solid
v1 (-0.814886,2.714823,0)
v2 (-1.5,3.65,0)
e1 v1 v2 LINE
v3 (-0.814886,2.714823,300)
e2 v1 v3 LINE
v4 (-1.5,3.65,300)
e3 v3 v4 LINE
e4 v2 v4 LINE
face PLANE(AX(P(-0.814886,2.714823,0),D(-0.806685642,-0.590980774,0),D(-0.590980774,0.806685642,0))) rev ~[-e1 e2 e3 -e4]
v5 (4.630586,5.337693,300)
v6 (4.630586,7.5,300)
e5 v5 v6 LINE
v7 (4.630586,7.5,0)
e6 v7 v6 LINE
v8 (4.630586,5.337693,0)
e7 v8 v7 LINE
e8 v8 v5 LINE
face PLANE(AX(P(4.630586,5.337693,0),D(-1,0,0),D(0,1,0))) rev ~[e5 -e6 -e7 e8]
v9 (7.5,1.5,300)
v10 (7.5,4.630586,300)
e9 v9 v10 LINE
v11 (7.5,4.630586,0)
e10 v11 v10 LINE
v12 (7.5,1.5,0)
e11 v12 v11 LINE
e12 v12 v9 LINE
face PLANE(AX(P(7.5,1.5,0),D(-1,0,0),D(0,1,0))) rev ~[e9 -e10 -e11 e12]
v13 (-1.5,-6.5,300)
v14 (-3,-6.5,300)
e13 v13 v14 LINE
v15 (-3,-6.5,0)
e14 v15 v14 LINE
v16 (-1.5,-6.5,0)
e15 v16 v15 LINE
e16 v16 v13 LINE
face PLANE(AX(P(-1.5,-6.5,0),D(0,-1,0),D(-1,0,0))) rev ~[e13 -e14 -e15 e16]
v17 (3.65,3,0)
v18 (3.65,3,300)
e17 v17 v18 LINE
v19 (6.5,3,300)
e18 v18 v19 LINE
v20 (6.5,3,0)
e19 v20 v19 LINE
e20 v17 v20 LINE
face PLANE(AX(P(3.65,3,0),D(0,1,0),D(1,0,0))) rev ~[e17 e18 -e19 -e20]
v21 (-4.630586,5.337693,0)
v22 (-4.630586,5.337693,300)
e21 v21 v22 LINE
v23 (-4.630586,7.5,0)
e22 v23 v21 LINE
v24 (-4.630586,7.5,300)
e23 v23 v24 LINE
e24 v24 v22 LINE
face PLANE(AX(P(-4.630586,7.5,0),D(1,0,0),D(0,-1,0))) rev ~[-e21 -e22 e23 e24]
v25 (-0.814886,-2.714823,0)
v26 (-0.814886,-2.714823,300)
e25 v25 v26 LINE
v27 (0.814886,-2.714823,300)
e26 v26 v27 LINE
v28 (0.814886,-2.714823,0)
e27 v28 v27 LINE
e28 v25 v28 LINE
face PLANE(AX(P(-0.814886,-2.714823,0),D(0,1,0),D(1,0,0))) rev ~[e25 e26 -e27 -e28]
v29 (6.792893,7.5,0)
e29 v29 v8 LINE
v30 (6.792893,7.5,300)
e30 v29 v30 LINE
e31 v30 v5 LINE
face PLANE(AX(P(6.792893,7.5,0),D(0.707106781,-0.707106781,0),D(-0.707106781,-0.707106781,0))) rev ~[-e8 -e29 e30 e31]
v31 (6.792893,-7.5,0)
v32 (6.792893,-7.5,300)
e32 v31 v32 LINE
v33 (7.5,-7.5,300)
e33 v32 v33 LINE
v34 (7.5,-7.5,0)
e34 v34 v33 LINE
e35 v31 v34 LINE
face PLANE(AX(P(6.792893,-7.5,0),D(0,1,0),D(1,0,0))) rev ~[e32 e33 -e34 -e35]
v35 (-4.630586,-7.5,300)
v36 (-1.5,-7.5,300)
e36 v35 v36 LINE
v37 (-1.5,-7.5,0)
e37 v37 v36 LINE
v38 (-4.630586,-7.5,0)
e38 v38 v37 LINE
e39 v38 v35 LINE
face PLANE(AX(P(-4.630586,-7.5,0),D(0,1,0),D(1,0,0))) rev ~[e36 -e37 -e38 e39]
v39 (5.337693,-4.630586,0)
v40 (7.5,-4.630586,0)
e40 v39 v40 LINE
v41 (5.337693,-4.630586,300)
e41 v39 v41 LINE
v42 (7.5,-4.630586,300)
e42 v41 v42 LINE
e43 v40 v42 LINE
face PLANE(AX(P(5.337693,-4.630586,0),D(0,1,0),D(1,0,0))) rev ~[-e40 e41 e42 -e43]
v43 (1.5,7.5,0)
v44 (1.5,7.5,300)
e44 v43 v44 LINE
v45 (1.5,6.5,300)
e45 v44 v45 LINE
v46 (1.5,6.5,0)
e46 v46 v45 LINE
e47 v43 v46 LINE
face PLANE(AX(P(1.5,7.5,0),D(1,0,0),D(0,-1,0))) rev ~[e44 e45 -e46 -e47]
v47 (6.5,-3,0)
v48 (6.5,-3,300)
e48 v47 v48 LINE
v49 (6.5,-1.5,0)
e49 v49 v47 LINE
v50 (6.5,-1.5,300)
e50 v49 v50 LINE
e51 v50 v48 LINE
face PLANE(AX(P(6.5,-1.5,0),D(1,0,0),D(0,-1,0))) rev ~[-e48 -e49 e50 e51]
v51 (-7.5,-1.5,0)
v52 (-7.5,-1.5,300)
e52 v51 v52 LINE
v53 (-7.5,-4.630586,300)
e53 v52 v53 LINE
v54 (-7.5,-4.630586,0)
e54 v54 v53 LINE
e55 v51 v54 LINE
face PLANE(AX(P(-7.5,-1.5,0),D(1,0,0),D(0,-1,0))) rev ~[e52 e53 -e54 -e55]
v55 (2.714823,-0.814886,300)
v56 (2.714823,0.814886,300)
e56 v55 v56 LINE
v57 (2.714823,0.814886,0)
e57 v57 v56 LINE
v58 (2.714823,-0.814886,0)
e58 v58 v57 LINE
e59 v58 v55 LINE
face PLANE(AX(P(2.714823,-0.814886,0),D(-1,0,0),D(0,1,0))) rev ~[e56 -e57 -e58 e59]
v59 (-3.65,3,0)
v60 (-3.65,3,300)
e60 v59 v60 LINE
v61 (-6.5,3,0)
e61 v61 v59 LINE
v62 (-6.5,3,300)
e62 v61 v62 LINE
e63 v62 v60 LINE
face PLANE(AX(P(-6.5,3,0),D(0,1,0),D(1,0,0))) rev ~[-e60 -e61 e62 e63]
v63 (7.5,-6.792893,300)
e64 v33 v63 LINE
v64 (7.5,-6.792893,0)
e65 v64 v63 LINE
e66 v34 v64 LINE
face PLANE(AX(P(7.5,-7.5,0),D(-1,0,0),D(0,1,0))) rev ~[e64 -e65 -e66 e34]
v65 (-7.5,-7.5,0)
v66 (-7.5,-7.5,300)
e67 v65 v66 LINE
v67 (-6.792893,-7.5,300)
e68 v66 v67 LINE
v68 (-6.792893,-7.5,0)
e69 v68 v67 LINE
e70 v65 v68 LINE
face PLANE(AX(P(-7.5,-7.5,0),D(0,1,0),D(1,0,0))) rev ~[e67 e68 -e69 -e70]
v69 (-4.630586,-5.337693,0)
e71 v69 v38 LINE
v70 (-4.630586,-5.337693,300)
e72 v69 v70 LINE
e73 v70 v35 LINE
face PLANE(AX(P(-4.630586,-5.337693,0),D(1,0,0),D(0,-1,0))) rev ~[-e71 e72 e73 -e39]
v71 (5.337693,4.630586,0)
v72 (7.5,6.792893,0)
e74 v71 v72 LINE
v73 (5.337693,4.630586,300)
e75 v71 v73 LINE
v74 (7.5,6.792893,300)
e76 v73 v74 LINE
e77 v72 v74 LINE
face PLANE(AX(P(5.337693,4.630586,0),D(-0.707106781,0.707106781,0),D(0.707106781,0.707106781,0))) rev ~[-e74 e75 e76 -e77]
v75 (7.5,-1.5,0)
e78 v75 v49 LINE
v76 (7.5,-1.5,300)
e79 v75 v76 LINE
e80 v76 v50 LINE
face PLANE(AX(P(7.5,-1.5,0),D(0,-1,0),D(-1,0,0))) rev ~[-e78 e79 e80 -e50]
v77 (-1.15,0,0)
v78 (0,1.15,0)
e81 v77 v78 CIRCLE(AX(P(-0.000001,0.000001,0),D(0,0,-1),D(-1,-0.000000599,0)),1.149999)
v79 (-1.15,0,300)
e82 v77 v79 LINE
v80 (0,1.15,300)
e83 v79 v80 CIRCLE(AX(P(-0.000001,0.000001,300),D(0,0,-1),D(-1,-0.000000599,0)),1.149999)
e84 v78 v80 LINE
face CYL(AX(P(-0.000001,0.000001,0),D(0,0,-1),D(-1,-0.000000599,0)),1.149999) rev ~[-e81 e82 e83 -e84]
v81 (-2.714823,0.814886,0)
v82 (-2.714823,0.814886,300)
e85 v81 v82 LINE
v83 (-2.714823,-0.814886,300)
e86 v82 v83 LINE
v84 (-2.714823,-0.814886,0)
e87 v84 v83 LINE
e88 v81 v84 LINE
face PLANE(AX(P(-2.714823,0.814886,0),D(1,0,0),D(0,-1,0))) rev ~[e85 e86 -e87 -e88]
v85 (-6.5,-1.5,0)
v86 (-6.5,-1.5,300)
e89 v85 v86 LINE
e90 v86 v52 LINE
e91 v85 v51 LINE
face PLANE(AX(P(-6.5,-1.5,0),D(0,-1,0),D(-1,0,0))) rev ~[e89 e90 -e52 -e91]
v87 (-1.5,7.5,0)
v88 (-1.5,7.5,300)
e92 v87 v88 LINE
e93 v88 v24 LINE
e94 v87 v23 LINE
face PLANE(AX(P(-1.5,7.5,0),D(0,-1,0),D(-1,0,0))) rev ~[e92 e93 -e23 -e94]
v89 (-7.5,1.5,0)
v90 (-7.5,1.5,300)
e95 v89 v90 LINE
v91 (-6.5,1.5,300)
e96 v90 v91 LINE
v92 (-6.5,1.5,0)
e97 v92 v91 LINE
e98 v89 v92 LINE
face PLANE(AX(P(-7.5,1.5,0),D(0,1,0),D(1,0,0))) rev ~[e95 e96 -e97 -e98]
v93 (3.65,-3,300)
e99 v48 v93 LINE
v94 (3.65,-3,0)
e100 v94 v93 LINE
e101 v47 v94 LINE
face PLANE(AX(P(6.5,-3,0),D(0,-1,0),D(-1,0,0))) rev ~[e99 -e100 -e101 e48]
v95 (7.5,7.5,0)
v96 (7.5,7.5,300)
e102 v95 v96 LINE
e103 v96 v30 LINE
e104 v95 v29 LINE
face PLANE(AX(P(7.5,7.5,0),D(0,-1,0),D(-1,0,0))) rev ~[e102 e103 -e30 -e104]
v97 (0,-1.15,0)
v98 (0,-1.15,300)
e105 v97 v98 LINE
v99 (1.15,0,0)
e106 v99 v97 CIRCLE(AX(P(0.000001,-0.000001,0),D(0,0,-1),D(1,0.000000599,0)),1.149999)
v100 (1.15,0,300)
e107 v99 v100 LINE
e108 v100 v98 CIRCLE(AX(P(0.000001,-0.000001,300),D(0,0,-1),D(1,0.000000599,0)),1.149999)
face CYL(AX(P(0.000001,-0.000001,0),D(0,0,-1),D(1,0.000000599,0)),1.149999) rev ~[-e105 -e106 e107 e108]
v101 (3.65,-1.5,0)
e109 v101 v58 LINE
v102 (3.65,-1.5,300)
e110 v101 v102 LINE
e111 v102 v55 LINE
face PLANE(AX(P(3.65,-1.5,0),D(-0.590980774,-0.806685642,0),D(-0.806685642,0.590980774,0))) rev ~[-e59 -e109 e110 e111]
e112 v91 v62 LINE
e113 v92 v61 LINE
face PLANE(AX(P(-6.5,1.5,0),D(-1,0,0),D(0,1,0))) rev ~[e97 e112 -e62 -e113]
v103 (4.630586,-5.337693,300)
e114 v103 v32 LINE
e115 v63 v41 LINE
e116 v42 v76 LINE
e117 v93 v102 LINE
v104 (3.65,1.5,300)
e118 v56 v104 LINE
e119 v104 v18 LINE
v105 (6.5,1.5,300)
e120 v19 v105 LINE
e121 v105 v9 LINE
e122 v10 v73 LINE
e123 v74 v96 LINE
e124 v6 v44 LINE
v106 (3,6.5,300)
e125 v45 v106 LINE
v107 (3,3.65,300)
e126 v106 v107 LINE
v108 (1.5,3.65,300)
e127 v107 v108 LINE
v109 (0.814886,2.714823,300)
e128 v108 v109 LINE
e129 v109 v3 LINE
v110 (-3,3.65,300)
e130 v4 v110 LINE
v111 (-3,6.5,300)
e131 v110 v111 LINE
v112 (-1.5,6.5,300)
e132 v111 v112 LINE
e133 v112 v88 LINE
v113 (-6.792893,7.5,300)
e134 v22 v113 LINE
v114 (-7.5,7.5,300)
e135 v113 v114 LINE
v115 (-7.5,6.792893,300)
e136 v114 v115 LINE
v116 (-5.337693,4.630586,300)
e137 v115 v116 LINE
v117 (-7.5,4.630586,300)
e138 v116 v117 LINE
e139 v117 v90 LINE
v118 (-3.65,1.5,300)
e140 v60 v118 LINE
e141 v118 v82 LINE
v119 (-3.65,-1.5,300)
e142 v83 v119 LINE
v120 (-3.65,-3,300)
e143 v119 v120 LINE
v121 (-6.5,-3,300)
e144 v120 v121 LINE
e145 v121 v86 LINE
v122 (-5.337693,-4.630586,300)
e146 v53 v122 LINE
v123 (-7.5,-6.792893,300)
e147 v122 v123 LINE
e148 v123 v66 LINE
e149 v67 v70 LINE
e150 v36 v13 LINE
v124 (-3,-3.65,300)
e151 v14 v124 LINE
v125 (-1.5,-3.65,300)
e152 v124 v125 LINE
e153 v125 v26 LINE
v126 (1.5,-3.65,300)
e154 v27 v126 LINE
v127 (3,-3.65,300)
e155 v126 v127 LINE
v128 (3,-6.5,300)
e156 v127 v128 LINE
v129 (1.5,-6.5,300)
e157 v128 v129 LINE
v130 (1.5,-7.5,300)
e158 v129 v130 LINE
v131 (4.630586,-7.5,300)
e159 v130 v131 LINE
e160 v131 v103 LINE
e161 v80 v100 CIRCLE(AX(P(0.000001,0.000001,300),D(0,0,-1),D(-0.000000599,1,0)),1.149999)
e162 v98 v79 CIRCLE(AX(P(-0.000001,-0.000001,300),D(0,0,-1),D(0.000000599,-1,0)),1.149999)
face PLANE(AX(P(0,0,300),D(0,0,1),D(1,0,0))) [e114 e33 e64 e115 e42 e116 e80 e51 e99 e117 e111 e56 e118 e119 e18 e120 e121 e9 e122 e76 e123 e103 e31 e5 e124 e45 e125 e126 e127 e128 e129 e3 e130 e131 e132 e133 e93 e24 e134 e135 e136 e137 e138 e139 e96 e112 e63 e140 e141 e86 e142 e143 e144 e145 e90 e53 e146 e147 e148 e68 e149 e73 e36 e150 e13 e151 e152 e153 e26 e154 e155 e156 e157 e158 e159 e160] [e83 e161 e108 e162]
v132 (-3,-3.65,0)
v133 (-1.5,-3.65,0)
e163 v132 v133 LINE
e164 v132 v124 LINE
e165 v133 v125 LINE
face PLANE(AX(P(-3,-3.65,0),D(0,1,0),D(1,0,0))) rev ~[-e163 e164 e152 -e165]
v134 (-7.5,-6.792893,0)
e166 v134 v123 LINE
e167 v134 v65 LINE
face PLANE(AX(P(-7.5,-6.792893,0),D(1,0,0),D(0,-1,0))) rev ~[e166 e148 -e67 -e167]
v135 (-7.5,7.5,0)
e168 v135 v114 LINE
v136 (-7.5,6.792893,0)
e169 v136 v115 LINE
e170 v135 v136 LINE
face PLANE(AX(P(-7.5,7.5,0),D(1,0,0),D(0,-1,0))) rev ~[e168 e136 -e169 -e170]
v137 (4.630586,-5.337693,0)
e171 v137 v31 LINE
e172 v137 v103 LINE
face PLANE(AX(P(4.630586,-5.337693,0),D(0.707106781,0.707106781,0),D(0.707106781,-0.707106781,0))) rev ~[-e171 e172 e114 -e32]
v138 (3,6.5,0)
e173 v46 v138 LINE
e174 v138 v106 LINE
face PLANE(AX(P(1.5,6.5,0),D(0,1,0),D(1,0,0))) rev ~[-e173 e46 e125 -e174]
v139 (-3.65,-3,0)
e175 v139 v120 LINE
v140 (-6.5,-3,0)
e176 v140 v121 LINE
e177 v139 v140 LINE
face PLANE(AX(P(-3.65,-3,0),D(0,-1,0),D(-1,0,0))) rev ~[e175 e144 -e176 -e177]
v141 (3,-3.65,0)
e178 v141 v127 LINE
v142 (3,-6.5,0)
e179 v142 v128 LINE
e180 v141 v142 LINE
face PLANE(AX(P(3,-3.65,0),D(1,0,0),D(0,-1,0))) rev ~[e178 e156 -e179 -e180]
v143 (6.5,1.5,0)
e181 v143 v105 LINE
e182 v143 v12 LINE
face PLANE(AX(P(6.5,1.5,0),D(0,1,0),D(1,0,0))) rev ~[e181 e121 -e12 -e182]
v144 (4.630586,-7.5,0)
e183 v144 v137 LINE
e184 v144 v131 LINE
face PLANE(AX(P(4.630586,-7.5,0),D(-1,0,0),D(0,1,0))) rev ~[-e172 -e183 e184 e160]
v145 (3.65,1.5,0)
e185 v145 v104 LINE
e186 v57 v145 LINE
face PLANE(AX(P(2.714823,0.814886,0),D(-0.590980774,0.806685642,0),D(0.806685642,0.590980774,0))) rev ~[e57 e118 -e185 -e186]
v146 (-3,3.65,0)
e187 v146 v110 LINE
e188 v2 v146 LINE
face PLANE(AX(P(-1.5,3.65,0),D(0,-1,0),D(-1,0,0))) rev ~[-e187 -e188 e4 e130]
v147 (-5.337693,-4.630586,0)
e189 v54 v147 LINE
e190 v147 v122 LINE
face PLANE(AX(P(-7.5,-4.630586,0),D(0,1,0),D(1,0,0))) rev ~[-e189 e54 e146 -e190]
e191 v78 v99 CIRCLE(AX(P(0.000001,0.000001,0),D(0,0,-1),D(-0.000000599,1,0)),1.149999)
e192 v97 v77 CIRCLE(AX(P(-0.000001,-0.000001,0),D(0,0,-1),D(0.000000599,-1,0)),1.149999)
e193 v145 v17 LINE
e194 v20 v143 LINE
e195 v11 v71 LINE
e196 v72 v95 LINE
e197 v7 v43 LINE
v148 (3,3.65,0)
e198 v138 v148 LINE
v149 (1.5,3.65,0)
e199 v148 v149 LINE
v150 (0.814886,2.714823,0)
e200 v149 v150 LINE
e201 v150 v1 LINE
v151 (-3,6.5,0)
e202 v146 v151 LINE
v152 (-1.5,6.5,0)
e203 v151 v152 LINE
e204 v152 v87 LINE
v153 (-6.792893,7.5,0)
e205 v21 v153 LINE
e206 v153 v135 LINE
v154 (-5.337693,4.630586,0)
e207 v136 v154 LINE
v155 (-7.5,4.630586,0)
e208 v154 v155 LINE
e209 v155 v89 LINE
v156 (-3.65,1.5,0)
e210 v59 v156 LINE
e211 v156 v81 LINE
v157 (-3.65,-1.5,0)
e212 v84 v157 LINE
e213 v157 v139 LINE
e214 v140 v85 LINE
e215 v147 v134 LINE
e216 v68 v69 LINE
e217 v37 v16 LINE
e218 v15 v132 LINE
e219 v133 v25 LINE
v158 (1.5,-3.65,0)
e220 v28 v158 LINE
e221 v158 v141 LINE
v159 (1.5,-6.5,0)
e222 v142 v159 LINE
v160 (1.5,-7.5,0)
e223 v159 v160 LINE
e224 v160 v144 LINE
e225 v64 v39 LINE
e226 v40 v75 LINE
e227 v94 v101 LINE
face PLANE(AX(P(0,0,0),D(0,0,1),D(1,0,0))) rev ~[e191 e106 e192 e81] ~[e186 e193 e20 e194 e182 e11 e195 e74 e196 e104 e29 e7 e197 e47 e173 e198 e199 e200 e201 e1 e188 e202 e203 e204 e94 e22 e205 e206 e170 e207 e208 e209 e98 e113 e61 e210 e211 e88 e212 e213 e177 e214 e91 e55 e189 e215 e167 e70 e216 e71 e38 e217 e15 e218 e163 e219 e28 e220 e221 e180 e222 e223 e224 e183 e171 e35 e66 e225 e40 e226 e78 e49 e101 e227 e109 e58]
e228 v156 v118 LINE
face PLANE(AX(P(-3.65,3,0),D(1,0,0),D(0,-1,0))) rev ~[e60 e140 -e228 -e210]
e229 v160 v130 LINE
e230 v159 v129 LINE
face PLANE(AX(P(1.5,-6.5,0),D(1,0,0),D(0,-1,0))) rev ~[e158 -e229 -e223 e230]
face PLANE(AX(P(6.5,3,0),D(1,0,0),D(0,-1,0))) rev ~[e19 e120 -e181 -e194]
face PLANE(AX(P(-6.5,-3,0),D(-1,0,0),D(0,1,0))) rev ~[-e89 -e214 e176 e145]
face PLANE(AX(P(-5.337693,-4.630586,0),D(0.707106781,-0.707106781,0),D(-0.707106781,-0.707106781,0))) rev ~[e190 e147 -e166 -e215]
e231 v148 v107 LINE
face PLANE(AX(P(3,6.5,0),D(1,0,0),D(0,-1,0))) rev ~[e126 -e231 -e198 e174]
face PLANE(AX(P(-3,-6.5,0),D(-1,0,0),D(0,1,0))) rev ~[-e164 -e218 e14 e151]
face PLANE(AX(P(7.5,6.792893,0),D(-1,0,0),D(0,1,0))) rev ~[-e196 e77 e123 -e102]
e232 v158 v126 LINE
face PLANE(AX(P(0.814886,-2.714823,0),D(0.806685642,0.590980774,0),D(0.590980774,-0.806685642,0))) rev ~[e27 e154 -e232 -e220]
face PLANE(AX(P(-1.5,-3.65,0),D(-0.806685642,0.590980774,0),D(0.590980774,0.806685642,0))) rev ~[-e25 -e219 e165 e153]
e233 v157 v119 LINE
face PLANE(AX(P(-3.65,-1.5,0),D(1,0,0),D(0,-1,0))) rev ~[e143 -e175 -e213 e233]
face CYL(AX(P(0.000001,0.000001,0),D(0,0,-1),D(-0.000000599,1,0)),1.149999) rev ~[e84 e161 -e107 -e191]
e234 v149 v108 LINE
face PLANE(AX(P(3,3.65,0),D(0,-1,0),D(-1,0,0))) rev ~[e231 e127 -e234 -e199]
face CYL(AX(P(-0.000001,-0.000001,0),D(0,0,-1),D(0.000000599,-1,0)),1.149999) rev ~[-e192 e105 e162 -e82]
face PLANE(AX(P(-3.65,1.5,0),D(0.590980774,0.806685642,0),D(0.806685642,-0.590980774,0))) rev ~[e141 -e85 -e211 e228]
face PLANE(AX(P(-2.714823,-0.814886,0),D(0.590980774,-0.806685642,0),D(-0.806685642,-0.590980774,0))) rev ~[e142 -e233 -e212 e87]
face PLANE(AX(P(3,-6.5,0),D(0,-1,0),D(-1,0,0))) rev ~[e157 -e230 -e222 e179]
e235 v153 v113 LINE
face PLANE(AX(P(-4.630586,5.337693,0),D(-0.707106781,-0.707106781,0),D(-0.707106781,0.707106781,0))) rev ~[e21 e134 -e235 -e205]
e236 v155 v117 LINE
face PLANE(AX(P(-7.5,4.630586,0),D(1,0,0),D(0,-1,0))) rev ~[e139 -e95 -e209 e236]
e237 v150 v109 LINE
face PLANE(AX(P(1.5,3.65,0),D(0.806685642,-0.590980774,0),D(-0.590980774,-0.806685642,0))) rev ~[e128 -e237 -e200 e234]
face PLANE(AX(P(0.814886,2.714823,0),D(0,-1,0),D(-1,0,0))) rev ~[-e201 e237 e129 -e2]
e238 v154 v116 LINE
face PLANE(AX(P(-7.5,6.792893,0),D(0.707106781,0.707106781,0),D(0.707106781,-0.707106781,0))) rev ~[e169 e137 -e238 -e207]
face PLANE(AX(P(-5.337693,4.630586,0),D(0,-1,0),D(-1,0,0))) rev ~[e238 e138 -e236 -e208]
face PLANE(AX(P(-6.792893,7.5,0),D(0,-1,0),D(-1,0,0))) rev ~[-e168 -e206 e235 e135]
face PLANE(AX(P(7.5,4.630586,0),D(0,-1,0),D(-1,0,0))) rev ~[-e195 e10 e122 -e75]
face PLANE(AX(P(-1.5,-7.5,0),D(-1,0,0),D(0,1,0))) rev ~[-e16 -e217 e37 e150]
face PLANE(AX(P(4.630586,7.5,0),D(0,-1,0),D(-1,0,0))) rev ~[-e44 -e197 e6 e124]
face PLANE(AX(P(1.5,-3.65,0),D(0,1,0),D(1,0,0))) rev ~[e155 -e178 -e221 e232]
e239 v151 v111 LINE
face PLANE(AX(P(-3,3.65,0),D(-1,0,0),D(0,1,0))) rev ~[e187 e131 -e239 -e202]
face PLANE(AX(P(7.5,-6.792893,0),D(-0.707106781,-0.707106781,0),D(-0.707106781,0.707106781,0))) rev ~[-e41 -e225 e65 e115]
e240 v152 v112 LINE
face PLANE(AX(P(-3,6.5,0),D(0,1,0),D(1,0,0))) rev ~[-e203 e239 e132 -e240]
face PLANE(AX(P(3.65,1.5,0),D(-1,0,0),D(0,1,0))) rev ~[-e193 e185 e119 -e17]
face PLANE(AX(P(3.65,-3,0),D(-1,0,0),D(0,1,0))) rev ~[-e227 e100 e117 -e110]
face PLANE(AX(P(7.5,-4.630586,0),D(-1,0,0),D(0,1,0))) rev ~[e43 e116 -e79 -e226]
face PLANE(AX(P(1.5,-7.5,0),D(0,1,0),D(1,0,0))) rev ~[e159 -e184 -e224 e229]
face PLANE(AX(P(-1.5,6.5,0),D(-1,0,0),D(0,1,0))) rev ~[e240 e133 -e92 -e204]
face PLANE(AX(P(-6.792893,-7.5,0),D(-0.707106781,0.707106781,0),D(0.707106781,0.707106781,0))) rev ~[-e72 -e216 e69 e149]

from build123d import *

# Parameters (mm, degrees)
F1_DEPTH = 300


with BuildPart() as f1:
    # F0 (on Top) → F1 (new body)
    with BuildSketch(Plane.XY):
        Polygon((-7.5, 4.630586), (-7.5, 1.5), (-6.5, 1.5), (-6.5, 3), (-3.65, 3), (-3.65, 1.5), (-2.714823, 0.814886), (-2.714823, 0), (-2.714823, -0.814886), (-3.65, -1.5), (-3.65, -3), (-6.5, -3), (-6.5, -1.5), (-7.5, -1.5), (-7.5, -4.630586), (-5.337693, -4.630586), (-7.5, -6.792893), (-7.5, -7.5), (-6.792893, -7.5), (-4.630586, -5.337693), (-4.630586, -7.5), (-1.5, -7.5), (-1.5, -6.5), (-3, -6.5), (-3, -3.65), (-1.5, -3.65), (-0.814886, -2.714823), (0, -2.714823), (0.814886, -2.714823), (1.5, -3.65), (3, -3.65), (3, -6.5), (1.5, -6.5), (1.5, -7.5), (4.630586, -7.5), (4.630586, -5.337693), (6.792893, -7.5), (7.5, -7.5), (7.5, -6.792893), (5.337693, -4.630586), (7.5, -4.630586), (7.5, -1.5), (6.5, -1.5), (6.5, -3), (3.65, -3), (3.65, -1.5), (2.714823, -0.814886), (2.714823, 0), (2.714823, 0.814886), (3.65, 1.5), (3.65, 3), (6.5, 3), (6.5, 1.5), (7.5, 1.5), (7.5, 4.630586), (5.337693, 4.630586), (7.5, 6.792893), (7.5, 7.5), (6.792893, 7.5), (4.630586, 5.337693), (4.630586, 7.5), (1.5, 7.5), (1.5, 6.5), (3, 6.5), (3, 3.65), (1.5, 3.65), (0.814886, 2.714823), (0, 2.714823), (-0.814886, 2.714823), (-1.5, 3.65), (-3, 3.65), (-3, 6.5), (-1.5, 6.5), (-1.5, 7.5), (-4.630586, 7.5), (-4.630586, 5.337693), (-6.792893, 7.5), (-7.5, 7.5), (-7.5, 6.792893), (-5.337693, 4.630586), align=None)
        with BuildLine():
            ThreePointArc((-1.15, 0), (-0.813173, 0.813173), (0, 1.15))
            ThreePointArc((0, 1.15), (0.813173, 0.813173), (1.15, 0))
            ThreePointArc((1.15, 0), (0.813173, -0.813173), (0, -1.15))
            ThreePointArc((0, -1.15), (-0.813173, -0.813173), (-1.15, 0))
        make_face(mode=Mode.SUBTRACT)
    extrude(amount=F1_DEPTH)


solid = f1.part
